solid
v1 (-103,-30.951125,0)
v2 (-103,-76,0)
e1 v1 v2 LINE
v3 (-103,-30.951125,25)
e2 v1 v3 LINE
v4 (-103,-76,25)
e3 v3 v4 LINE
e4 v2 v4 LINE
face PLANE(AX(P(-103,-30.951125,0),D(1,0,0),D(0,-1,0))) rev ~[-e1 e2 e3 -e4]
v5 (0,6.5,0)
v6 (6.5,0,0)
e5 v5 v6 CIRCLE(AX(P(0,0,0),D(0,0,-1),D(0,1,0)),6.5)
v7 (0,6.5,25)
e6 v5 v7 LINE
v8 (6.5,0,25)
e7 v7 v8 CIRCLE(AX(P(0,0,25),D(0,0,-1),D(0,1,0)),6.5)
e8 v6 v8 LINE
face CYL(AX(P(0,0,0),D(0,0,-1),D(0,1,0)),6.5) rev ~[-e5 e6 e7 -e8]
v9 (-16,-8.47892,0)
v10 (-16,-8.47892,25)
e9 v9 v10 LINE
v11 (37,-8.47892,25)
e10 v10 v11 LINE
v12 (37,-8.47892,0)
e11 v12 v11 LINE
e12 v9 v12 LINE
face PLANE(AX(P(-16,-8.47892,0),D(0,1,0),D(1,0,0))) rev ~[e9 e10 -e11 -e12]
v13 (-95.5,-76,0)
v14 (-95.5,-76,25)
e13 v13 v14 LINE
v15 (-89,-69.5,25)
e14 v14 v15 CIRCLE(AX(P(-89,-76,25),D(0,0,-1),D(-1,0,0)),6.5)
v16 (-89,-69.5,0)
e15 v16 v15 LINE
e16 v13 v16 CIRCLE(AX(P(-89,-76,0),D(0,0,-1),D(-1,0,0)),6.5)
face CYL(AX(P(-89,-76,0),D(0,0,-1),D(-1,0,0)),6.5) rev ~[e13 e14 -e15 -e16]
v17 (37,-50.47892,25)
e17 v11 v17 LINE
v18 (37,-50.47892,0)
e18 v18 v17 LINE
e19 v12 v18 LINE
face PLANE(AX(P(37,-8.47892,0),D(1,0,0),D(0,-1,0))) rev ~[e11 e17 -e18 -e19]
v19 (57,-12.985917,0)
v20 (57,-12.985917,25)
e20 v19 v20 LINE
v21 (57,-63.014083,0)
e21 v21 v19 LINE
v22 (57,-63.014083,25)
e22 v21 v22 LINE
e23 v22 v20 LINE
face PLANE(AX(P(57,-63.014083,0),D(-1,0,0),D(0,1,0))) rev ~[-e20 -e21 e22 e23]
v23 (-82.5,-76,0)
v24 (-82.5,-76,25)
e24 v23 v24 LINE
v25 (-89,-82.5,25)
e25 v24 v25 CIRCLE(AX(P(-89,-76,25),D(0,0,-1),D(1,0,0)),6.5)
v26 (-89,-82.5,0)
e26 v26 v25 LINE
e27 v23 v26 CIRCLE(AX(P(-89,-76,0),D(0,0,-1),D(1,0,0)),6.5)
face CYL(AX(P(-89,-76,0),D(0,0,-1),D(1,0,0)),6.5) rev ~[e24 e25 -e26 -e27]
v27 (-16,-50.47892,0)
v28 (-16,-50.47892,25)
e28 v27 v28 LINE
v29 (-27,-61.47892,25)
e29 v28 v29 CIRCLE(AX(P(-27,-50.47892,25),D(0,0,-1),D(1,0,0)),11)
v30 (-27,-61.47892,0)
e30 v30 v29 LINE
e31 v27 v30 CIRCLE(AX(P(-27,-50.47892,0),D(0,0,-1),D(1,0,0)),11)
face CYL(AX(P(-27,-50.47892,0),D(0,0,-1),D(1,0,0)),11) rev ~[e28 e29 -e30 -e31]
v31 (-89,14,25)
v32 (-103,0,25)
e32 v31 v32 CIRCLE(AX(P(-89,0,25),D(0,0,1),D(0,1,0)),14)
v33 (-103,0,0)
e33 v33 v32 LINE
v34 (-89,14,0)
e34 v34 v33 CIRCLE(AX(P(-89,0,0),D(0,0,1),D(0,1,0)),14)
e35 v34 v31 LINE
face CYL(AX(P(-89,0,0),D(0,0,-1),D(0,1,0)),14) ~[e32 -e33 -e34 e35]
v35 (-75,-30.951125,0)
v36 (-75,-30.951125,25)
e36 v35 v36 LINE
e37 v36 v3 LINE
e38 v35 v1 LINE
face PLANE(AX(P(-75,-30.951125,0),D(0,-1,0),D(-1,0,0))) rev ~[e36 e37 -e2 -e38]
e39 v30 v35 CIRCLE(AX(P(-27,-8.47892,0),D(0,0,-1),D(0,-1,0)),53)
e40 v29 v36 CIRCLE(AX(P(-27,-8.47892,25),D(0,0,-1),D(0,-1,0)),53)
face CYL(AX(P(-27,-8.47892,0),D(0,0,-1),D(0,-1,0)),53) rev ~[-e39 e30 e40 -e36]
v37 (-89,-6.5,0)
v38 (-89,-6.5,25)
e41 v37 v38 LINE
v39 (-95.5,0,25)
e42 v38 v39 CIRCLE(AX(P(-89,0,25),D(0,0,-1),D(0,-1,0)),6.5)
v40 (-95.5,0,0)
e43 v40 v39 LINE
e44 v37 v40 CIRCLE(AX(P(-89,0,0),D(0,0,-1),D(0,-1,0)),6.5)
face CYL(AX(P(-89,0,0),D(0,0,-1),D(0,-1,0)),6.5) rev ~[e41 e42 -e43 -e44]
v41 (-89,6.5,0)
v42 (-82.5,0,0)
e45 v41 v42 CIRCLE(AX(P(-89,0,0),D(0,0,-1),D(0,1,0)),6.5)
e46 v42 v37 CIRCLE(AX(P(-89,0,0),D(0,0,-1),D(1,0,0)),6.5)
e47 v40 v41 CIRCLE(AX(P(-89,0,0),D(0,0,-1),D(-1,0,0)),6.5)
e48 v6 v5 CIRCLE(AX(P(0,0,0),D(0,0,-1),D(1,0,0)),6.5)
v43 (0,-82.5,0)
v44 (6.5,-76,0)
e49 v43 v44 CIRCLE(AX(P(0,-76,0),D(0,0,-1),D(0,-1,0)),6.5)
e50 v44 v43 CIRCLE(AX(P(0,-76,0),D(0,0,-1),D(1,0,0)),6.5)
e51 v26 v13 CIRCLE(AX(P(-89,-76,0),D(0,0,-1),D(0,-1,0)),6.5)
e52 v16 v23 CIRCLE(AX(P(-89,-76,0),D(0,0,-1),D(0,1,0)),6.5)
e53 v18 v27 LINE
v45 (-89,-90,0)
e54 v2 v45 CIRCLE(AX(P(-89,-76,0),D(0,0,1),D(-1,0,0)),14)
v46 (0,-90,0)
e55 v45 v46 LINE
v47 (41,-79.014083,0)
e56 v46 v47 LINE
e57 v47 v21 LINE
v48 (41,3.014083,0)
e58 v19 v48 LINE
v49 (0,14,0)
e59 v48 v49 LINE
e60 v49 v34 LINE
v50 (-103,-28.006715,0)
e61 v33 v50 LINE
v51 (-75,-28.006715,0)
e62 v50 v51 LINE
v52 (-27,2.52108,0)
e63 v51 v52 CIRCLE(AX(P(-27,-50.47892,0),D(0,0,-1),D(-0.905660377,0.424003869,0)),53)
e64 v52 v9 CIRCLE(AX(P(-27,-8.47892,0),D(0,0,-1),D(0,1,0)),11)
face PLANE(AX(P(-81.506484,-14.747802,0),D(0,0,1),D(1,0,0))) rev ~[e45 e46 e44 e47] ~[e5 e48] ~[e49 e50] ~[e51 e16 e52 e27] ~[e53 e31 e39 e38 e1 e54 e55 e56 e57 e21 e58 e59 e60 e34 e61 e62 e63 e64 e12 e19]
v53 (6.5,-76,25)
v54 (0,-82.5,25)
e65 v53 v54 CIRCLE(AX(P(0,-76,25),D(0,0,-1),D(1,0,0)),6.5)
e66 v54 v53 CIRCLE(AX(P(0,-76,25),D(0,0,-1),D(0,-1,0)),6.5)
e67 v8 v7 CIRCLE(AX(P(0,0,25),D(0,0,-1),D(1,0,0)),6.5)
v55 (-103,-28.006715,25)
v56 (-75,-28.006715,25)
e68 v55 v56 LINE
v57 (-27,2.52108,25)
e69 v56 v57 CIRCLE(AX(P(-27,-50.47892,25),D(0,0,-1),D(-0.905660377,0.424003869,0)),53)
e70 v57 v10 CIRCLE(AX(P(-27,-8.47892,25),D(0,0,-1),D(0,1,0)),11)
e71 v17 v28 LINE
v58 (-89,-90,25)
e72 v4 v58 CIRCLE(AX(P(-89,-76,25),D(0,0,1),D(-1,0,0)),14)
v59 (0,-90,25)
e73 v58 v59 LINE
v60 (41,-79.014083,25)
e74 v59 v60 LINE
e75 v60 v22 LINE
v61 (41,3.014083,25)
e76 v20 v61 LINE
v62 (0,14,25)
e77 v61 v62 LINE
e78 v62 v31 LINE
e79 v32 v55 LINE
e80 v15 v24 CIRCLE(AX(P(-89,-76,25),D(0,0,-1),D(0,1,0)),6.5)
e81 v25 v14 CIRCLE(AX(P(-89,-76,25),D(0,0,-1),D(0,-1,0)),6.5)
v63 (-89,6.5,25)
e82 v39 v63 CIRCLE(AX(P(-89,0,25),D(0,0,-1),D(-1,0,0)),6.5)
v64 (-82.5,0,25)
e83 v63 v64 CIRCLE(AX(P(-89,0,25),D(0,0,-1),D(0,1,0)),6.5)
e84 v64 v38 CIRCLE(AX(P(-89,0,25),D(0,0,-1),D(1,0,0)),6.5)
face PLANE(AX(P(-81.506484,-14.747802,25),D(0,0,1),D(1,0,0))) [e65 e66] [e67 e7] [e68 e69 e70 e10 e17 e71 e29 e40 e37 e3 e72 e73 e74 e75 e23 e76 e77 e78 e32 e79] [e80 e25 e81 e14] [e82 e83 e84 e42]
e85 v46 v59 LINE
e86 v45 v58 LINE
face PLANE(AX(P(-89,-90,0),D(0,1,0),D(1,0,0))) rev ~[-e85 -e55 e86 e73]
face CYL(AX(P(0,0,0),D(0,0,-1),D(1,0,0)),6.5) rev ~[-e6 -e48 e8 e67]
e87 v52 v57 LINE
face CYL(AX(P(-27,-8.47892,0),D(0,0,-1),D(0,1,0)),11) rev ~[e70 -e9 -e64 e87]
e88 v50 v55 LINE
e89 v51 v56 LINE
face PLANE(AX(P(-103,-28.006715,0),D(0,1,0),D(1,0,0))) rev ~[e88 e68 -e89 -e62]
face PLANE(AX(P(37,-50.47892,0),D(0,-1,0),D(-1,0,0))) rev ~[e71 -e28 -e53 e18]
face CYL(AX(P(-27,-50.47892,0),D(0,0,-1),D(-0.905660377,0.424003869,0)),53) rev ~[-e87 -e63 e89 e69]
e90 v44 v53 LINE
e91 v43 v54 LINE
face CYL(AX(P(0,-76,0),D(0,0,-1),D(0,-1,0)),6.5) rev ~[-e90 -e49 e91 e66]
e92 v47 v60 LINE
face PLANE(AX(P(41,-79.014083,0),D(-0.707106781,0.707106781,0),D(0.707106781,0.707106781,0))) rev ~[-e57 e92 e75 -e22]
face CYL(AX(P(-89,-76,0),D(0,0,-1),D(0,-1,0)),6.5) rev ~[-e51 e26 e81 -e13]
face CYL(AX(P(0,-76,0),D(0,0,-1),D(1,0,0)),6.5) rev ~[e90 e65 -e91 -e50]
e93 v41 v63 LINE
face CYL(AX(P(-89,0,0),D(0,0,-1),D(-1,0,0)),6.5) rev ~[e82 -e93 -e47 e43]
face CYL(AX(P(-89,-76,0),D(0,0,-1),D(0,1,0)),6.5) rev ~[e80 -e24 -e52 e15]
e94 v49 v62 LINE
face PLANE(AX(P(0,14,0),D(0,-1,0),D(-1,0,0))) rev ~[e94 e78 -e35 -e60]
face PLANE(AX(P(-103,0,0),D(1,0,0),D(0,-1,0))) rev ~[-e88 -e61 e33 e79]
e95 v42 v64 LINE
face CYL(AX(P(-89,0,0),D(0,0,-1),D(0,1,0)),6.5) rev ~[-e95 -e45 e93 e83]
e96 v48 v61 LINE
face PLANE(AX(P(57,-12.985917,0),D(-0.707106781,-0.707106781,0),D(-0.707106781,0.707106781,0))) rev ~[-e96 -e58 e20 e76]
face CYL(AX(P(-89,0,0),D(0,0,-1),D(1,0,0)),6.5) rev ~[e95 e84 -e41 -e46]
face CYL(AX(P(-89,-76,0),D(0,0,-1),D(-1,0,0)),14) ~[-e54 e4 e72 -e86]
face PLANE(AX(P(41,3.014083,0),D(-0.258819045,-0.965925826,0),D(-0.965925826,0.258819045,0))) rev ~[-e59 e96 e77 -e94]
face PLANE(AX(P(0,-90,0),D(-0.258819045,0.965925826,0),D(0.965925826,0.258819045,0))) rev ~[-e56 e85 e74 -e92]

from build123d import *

# Parameters (mm, degrees)
F1_DEPTH = 25


with BuildPart() as f1:
    # F0 (on Top) → F1 (new body)
    with BuildSketch(Plane.XY):
        with BuildLine():
            Line((-75, 0), (-82.5, 0))
            ThreePointArc((-82.5, 0), (-84.4038059223, -4.5961940777), (-89, -6.5))
            Line((-89, -6.5), (-89, -28.0067149212))
            Line((-89, -28.0067149212), (-75, -28.0067149212))
            Line((-75, -28.0067149212), (-75, 0))
        make_face()
        with BuildLine():
            ThreePointArc((-89, 6.5), (-84.4038059223, 4.5961940777), (-82.5, 0))
            Line((-82.5, 0), (-75, 0))
            Line((-75, 0), (-75, -28.0067149212))
            ThreePointArc((-75, -28.0067149212), (-55.4426891496, -5.7574102297), (-27, 2.5210800245))
            ThreePointArc((-27, 2.5210800245), (-19.2218254069, -0.7007453824), (-16, -8.4789199755))
            Line((-16, -8.4789199755), (0, -8.4789199755))
            Line((0, -8.4789199755), (37, -8.4789199755))
            Line((37, -8.4789199755), (37, -38))
            Line((37, -38), (37, -50.4789199755))
            Line((37, -50.4789199755), (0, -50.4789199755))
            Line((0, -50.4789199755), (-16, -50.4789199755))
            ThreePointArc((-16, -50.4789199755), (-19.2218254069, -58.2570945685), (-27, -61.4789199755))
            ThreePointArc((-27, -61.4789199755), (-55.4426891496, -53.2004297212), (-75, -30.9511250297))
            Line((-75, -30.9511250297), (-75, -76))
            ThreePointArc((-75, -76), (-79.1005050634, -85.8994949366), (-89, -90))
            Line((-89, -90), (0, -90))
            Line((0, -90), (41, -79.0140831103))
            Line((41, -79.0140831103), (57, -63.0140831103))
            Line((57, -63.0140831103), (57, -12.9859168897))
            Line((57, -12.9859168897), (41, 3.0140831103))
            Line((41, 3.0140831103), (0, 14))
            Line((0, 14), (-89, 14))
            Line((-89, 14), (-89, 6.5))
        make_face()
        with BuildLine():
            ThreePointArc((6.5, -76), (4.5961940777, -80.5961940777), (0, -82.5))
            ThreePointArc((0, -82.5), (-4.5961940777, -71.4038059223), (6.5, -76))
        make_face(mode=Mode.SUBTRACT)
        with BuildLine():
            ThreePointArc((6.5, 0), (-4.5961940777, -4.5961940777), (0, 6.5))
            ThreePointArc((0, 6.5), (4.5961940777, 4.5961940777), (6.5, 0))
        make_face(mode=Mode.SUBTRACT)
        with BuildLine():
            Line((-82.5, -76), (-75, -76))
            ThreePointArc((-75, -76), (-79.1005050634, -66.1005050634), (-89, -62))
            Line((-89, -62), (-89, -69.5))
            ThreePointArc((-89, -69.5), (-84.4038059223, -71.4038059223), (-82.5, -76))
        make_face()
        with BuildLine():
            Line((-89, -82.5), (-89, -90))
            ThreePointArc((-89, -90), (-79.1005050634, -85.8994949366), (-75, -76))
            Line((-75, -76), (-82.5, -76))
            ThreePointArc((-82.5, -76), (-84.4038059223, -80.5961940777), (-89, -82.5))
        make_face()
        with BuildLine():
            ThreePointArc((-89, -62), (-79.1005050634, -66.1005050634), (-75, -76))
            Line((-75, -76), (-75, -30.9511250297))
            Line((-75, -30.9511250297), (-89, -30.9511250297))
            Line((-89, -30.9511250297), (-89, -62))
        make_face()
        with BuildLine():
            Line((-103, -30.9511250297), (-103, -76))
            Line((-103, -76), (-95.5, -76))
            ThreePointArc((-95.5, -76), (-93.5961940777, -71.4038059223), (-89, -69.5))
            Line((-89, -69.5), (-89, -62))
            Line((-89, -62), (-89, -30.9511250297))
            Line((-89, -30.9511250297), (-103, -30.9511250297))
        make_face()
        with BuildLine():
            ThreePointArc((-103, -76), (-98.8994949366, -85.8994949366), (-89, -90))
            Line((-89, -90), (-89, -82.5))
            ThreePointArc((-89, -82.5), (-93.5961940777, -80.5961940777), (-95.5, -76))
            Line((-95.5, -76), (-103, -76))
        make_face()
        with BuildLine():
            Line((-89, -28.0067149212), (-89, -6.5))
            ThreePointArc((-89, -6.5), (-93.5961940777, -4.5961940777), (-95.5, 0))
            Line((-95.5, 0), (-103, 0))
            Line((-103, 0), (-103, -28.0067149212))
            Line((-103, -28.0067149212), (-89, -28.0067149212))
        make_face()
        with BuildLine():
            ThreePointArc((-95.5, 0), (-93.5961940777, 4.5961940777), (-89, 6.5))
            Line((-89, 6.5), (-89, 14))
            ThreePointArc((-89, 14), (-98.8994949366, 9.8994949366), (-103, 0))
            Line((-103, 0), (-95.5, 0))
        make_face()
    extrude(amount=F1_DEPTH)


solid = f1.part
